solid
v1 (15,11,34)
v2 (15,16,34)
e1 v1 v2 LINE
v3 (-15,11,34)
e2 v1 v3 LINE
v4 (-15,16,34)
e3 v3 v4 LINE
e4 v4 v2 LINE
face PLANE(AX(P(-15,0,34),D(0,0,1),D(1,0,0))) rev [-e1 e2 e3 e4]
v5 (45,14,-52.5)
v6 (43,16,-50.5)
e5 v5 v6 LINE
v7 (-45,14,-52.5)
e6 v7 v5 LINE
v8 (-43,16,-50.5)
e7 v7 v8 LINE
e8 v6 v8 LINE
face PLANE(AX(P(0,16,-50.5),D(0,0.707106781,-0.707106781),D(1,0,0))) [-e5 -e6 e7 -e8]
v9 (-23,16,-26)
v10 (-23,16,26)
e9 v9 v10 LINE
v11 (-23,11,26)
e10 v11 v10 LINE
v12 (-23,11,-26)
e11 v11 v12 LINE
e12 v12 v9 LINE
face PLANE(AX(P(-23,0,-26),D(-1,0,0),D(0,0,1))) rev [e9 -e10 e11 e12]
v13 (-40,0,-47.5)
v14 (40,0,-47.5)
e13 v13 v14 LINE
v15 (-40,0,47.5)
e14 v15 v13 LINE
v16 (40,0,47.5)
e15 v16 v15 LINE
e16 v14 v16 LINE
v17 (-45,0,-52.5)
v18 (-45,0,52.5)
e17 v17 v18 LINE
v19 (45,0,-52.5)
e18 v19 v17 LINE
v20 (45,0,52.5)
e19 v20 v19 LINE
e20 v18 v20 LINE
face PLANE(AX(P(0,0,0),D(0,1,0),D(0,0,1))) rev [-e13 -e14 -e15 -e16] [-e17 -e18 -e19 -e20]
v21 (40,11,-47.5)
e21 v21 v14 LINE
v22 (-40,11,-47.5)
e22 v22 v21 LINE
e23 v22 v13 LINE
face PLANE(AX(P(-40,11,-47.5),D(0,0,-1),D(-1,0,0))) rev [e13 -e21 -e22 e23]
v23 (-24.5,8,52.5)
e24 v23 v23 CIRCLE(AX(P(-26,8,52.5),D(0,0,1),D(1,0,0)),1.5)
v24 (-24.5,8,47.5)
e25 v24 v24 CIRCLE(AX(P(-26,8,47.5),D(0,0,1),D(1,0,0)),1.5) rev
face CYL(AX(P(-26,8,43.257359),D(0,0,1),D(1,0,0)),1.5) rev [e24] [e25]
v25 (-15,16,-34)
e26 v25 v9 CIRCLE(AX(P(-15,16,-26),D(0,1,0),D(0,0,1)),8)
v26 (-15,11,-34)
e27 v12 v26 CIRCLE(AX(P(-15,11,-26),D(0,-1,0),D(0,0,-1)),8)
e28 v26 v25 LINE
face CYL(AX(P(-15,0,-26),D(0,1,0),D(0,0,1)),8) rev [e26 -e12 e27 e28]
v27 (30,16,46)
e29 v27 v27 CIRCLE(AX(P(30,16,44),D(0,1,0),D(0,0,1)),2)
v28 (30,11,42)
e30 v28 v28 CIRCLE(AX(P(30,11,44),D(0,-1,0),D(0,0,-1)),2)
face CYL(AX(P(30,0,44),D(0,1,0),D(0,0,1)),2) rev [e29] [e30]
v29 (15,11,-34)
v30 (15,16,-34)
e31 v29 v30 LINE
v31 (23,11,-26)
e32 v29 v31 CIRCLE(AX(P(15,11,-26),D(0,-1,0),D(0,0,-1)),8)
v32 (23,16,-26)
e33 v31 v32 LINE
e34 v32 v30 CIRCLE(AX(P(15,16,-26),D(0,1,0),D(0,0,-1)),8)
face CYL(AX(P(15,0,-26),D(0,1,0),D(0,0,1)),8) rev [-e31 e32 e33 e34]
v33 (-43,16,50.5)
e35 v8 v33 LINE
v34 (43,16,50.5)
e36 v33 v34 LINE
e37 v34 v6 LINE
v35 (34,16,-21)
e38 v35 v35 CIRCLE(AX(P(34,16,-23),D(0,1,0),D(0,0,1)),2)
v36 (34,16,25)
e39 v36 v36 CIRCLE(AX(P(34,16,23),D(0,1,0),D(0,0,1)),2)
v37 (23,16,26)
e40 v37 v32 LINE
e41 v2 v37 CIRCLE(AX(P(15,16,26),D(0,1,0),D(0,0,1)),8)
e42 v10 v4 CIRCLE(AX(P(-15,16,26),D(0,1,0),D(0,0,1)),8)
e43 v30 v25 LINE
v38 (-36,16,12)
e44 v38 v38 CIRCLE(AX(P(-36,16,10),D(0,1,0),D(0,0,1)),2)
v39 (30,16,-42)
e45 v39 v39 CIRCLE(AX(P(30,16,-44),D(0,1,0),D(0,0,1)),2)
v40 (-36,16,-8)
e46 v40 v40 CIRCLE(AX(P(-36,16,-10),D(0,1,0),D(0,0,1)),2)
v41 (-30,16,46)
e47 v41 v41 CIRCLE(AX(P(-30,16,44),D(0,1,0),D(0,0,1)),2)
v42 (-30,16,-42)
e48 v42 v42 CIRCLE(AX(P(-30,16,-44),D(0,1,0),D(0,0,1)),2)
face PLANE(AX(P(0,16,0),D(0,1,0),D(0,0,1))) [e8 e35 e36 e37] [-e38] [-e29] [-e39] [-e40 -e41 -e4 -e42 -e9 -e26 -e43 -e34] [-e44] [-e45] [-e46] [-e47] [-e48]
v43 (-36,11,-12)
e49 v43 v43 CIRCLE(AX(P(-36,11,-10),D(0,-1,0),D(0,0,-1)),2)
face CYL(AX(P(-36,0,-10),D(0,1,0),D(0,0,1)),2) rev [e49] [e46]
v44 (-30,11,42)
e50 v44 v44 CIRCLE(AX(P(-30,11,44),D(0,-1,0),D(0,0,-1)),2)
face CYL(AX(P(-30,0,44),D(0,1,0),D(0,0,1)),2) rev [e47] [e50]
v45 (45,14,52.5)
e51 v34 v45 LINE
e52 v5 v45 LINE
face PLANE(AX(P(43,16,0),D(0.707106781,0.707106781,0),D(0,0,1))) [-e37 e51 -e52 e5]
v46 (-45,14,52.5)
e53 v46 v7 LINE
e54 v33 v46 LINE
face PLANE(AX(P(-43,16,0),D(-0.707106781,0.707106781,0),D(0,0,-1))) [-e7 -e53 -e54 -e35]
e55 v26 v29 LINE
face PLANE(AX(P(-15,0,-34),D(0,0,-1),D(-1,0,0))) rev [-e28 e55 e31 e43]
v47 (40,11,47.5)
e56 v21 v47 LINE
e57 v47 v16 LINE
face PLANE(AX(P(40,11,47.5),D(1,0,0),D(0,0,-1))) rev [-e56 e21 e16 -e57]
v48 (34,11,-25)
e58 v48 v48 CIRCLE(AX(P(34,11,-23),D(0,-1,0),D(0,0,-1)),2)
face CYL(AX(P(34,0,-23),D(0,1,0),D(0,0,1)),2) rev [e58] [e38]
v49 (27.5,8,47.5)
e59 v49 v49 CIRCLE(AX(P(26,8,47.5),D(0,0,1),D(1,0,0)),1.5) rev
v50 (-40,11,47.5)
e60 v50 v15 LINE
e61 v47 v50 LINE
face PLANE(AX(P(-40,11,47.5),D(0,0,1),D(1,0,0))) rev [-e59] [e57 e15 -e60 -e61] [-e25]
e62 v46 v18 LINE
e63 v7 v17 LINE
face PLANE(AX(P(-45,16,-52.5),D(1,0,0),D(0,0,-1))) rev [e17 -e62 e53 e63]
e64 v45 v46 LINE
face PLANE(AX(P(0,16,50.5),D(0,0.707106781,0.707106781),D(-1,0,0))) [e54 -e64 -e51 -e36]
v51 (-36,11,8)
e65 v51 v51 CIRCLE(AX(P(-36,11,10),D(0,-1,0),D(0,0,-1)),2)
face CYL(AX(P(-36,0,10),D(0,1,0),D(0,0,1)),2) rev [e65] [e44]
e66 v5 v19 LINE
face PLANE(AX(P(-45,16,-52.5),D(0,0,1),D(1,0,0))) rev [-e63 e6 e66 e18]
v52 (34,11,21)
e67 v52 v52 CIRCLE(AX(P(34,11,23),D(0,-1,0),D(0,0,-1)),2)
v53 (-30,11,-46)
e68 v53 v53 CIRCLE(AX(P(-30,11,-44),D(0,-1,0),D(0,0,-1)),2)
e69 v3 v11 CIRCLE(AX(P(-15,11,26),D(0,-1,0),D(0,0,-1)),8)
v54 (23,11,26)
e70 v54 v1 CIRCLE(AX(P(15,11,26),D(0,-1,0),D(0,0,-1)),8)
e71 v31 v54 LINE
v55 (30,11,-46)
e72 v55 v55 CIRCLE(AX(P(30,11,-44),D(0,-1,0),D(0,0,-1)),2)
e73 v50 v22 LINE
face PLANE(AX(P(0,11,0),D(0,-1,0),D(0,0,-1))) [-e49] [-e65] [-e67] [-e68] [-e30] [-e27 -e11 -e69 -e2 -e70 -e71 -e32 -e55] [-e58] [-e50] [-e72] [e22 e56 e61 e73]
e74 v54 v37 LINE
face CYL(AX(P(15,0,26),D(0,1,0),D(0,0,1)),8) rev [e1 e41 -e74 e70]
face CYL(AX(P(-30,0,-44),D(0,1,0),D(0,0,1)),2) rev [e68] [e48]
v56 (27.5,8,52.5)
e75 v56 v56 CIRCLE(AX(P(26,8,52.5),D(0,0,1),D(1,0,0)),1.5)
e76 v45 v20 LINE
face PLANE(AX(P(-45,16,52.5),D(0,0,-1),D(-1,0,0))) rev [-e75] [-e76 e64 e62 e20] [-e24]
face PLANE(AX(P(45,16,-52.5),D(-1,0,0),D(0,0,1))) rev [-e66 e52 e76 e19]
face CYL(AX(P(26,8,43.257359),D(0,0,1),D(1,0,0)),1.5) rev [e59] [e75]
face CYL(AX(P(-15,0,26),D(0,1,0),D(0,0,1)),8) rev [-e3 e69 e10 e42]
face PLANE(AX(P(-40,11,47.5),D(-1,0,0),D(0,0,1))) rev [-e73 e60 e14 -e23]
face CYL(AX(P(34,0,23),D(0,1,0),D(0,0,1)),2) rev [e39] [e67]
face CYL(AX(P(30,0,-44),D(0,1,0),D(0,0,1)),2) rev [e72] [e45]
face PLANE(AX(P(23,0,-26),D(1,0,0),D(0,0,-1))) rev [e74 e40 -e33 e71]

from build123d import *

# Parameters (mm, degrees)
SKETCH1_W           = 90
SKETCH1_H           = 105
BOSS_EXTRUDE1_DEPTH = 16
CHAMFER1_SIZE       = 2
SKETCH3_W           = 80
SKETCH3_H           = 95
CUT_EXTRUDE1_DEPTH  = 11
CUT_EXTRUDE2_DEPTH  = 71.973586636
SKETCH5_R           = 2
CUT_EXTRUDE3_DEPTH  = 71.973586636
SKETCH6_R           = 1.5
CUT_EXTRUDE4_DEPTH  = 5


with BuildPart() as part:
    # Sketch1 → Boss-Extrude1 (new body)
    with BuildSketch(Plane(origin=(0, 0, 0), x_dir=(1, 0, 0), z_dir=(0, 1, 0))):
        Rectangle(SKETCH1_W, SKETCH1_H)
    extrude(amount=BOSS_EXTRUDE1_DEPTH)

    # Chamfer1
    chamfer1_edges = [part.edges().sort_by_distance(p)[0] for p in [
        (-45, 16, 0),
        (0, 16, 52.5),
        (45, 16, 0),
        (0, 16, -52.5),
    ]]
    chamfer(chamfer1_edges, length=CHAMFER1_SIZE)

    # Sketch3 → Cut-Extrude1 (cut)
    with BuildSketch(Plane.XZ):
        Rectangle(SKETCH3_W, SKETCH3_H)
    extrude(amount=-CUT_EXTRUDE1_DEPTH, mode=Mode.SUBTRACT)

    # Sketch4 → Cut-Extrude2 (cut, through all)
    with BuildSketch(Plane(origin=(0, 16, 0), x_dir=(1, 0, 0), z_dir=(0, 1, 0))):
        with BuildLine():
            Line((-15, 34), (15, 34))
            ThreePointArc((15, 34), (20.656854249, 31.656854249), (23, 26))
            Line((23, 26), (23, -26))
            ThreePointArc((23, -26), (20.656854249, -31.656854249), (15, -34))
            Line((15, -34), (-15, -34))
            ThreePointArc((-15, -34), (-20.656854249, -31.656854249), (-23, -26))
            Line((-23, -26), (-23, 26))
            ThreePointArc((-23, 26), (-20.656854249, 31.656854249), (-15, 34))
        make_face()
    extrude(amount=-CUT_EXTRUDE2_DEPTH, mode=Mode.SUBTRACT)

    # Sketch5 → Cut-Extrude3 (cut, through all)
    with BuildSketch(Plane(origin=(0, 16, 0), x_dir=(1, 0, 0), z_dir=(0, 1, 0))):
        with Locations(Location((-30, 44, 0), (0, 0, 270))):
            Circle(SKETCH5_R)
        with Locations(Location((-30, -44, 0), (0, 0, 270))):
            Circle(SKETCH5_R)
        with Locations(Location((30, -44, 0), (0, 0, 270))):
            Circle(SKETCH5_R)
        with Locations(Location((30, 44, 0), (0, 0, 270))):
            Circle(SKETCH5_R)
        with Locations(Location((-36, -10, 0), (0, 0, 270))):
            Circle(SKETCH5_R)
        with Locations(Location((34, 23, 0), (0, 0, 270))):
            Circle(SKETCH5_R)
        with Locations(Location((-36, 10, 0), (0, 0, 270))):
            Circle(SKETCH5_R)
        with Locations(Location((34, -23, 0), (0, 0, 270))):
            Circle(SKETCH5_R)
    extrude(amount=-CUT_EXTRUDE3_DEPTH, mode=Mode.SUBTRACT)

    # Sketch6 → Cut-Extrude4 (cut)
    with BuildSketch(Plane.XY.offset(52.5)):
        with Locations((-26, 8)):
            Circle(SKETCH6_R)
        with Locations((26, 8)):
            Circle(SKETCH6_R)
    extrude(amount=-CUT_EXTRUDE4_DEPTH, mode=Mode.SUBTRACT)


solid = part.part
